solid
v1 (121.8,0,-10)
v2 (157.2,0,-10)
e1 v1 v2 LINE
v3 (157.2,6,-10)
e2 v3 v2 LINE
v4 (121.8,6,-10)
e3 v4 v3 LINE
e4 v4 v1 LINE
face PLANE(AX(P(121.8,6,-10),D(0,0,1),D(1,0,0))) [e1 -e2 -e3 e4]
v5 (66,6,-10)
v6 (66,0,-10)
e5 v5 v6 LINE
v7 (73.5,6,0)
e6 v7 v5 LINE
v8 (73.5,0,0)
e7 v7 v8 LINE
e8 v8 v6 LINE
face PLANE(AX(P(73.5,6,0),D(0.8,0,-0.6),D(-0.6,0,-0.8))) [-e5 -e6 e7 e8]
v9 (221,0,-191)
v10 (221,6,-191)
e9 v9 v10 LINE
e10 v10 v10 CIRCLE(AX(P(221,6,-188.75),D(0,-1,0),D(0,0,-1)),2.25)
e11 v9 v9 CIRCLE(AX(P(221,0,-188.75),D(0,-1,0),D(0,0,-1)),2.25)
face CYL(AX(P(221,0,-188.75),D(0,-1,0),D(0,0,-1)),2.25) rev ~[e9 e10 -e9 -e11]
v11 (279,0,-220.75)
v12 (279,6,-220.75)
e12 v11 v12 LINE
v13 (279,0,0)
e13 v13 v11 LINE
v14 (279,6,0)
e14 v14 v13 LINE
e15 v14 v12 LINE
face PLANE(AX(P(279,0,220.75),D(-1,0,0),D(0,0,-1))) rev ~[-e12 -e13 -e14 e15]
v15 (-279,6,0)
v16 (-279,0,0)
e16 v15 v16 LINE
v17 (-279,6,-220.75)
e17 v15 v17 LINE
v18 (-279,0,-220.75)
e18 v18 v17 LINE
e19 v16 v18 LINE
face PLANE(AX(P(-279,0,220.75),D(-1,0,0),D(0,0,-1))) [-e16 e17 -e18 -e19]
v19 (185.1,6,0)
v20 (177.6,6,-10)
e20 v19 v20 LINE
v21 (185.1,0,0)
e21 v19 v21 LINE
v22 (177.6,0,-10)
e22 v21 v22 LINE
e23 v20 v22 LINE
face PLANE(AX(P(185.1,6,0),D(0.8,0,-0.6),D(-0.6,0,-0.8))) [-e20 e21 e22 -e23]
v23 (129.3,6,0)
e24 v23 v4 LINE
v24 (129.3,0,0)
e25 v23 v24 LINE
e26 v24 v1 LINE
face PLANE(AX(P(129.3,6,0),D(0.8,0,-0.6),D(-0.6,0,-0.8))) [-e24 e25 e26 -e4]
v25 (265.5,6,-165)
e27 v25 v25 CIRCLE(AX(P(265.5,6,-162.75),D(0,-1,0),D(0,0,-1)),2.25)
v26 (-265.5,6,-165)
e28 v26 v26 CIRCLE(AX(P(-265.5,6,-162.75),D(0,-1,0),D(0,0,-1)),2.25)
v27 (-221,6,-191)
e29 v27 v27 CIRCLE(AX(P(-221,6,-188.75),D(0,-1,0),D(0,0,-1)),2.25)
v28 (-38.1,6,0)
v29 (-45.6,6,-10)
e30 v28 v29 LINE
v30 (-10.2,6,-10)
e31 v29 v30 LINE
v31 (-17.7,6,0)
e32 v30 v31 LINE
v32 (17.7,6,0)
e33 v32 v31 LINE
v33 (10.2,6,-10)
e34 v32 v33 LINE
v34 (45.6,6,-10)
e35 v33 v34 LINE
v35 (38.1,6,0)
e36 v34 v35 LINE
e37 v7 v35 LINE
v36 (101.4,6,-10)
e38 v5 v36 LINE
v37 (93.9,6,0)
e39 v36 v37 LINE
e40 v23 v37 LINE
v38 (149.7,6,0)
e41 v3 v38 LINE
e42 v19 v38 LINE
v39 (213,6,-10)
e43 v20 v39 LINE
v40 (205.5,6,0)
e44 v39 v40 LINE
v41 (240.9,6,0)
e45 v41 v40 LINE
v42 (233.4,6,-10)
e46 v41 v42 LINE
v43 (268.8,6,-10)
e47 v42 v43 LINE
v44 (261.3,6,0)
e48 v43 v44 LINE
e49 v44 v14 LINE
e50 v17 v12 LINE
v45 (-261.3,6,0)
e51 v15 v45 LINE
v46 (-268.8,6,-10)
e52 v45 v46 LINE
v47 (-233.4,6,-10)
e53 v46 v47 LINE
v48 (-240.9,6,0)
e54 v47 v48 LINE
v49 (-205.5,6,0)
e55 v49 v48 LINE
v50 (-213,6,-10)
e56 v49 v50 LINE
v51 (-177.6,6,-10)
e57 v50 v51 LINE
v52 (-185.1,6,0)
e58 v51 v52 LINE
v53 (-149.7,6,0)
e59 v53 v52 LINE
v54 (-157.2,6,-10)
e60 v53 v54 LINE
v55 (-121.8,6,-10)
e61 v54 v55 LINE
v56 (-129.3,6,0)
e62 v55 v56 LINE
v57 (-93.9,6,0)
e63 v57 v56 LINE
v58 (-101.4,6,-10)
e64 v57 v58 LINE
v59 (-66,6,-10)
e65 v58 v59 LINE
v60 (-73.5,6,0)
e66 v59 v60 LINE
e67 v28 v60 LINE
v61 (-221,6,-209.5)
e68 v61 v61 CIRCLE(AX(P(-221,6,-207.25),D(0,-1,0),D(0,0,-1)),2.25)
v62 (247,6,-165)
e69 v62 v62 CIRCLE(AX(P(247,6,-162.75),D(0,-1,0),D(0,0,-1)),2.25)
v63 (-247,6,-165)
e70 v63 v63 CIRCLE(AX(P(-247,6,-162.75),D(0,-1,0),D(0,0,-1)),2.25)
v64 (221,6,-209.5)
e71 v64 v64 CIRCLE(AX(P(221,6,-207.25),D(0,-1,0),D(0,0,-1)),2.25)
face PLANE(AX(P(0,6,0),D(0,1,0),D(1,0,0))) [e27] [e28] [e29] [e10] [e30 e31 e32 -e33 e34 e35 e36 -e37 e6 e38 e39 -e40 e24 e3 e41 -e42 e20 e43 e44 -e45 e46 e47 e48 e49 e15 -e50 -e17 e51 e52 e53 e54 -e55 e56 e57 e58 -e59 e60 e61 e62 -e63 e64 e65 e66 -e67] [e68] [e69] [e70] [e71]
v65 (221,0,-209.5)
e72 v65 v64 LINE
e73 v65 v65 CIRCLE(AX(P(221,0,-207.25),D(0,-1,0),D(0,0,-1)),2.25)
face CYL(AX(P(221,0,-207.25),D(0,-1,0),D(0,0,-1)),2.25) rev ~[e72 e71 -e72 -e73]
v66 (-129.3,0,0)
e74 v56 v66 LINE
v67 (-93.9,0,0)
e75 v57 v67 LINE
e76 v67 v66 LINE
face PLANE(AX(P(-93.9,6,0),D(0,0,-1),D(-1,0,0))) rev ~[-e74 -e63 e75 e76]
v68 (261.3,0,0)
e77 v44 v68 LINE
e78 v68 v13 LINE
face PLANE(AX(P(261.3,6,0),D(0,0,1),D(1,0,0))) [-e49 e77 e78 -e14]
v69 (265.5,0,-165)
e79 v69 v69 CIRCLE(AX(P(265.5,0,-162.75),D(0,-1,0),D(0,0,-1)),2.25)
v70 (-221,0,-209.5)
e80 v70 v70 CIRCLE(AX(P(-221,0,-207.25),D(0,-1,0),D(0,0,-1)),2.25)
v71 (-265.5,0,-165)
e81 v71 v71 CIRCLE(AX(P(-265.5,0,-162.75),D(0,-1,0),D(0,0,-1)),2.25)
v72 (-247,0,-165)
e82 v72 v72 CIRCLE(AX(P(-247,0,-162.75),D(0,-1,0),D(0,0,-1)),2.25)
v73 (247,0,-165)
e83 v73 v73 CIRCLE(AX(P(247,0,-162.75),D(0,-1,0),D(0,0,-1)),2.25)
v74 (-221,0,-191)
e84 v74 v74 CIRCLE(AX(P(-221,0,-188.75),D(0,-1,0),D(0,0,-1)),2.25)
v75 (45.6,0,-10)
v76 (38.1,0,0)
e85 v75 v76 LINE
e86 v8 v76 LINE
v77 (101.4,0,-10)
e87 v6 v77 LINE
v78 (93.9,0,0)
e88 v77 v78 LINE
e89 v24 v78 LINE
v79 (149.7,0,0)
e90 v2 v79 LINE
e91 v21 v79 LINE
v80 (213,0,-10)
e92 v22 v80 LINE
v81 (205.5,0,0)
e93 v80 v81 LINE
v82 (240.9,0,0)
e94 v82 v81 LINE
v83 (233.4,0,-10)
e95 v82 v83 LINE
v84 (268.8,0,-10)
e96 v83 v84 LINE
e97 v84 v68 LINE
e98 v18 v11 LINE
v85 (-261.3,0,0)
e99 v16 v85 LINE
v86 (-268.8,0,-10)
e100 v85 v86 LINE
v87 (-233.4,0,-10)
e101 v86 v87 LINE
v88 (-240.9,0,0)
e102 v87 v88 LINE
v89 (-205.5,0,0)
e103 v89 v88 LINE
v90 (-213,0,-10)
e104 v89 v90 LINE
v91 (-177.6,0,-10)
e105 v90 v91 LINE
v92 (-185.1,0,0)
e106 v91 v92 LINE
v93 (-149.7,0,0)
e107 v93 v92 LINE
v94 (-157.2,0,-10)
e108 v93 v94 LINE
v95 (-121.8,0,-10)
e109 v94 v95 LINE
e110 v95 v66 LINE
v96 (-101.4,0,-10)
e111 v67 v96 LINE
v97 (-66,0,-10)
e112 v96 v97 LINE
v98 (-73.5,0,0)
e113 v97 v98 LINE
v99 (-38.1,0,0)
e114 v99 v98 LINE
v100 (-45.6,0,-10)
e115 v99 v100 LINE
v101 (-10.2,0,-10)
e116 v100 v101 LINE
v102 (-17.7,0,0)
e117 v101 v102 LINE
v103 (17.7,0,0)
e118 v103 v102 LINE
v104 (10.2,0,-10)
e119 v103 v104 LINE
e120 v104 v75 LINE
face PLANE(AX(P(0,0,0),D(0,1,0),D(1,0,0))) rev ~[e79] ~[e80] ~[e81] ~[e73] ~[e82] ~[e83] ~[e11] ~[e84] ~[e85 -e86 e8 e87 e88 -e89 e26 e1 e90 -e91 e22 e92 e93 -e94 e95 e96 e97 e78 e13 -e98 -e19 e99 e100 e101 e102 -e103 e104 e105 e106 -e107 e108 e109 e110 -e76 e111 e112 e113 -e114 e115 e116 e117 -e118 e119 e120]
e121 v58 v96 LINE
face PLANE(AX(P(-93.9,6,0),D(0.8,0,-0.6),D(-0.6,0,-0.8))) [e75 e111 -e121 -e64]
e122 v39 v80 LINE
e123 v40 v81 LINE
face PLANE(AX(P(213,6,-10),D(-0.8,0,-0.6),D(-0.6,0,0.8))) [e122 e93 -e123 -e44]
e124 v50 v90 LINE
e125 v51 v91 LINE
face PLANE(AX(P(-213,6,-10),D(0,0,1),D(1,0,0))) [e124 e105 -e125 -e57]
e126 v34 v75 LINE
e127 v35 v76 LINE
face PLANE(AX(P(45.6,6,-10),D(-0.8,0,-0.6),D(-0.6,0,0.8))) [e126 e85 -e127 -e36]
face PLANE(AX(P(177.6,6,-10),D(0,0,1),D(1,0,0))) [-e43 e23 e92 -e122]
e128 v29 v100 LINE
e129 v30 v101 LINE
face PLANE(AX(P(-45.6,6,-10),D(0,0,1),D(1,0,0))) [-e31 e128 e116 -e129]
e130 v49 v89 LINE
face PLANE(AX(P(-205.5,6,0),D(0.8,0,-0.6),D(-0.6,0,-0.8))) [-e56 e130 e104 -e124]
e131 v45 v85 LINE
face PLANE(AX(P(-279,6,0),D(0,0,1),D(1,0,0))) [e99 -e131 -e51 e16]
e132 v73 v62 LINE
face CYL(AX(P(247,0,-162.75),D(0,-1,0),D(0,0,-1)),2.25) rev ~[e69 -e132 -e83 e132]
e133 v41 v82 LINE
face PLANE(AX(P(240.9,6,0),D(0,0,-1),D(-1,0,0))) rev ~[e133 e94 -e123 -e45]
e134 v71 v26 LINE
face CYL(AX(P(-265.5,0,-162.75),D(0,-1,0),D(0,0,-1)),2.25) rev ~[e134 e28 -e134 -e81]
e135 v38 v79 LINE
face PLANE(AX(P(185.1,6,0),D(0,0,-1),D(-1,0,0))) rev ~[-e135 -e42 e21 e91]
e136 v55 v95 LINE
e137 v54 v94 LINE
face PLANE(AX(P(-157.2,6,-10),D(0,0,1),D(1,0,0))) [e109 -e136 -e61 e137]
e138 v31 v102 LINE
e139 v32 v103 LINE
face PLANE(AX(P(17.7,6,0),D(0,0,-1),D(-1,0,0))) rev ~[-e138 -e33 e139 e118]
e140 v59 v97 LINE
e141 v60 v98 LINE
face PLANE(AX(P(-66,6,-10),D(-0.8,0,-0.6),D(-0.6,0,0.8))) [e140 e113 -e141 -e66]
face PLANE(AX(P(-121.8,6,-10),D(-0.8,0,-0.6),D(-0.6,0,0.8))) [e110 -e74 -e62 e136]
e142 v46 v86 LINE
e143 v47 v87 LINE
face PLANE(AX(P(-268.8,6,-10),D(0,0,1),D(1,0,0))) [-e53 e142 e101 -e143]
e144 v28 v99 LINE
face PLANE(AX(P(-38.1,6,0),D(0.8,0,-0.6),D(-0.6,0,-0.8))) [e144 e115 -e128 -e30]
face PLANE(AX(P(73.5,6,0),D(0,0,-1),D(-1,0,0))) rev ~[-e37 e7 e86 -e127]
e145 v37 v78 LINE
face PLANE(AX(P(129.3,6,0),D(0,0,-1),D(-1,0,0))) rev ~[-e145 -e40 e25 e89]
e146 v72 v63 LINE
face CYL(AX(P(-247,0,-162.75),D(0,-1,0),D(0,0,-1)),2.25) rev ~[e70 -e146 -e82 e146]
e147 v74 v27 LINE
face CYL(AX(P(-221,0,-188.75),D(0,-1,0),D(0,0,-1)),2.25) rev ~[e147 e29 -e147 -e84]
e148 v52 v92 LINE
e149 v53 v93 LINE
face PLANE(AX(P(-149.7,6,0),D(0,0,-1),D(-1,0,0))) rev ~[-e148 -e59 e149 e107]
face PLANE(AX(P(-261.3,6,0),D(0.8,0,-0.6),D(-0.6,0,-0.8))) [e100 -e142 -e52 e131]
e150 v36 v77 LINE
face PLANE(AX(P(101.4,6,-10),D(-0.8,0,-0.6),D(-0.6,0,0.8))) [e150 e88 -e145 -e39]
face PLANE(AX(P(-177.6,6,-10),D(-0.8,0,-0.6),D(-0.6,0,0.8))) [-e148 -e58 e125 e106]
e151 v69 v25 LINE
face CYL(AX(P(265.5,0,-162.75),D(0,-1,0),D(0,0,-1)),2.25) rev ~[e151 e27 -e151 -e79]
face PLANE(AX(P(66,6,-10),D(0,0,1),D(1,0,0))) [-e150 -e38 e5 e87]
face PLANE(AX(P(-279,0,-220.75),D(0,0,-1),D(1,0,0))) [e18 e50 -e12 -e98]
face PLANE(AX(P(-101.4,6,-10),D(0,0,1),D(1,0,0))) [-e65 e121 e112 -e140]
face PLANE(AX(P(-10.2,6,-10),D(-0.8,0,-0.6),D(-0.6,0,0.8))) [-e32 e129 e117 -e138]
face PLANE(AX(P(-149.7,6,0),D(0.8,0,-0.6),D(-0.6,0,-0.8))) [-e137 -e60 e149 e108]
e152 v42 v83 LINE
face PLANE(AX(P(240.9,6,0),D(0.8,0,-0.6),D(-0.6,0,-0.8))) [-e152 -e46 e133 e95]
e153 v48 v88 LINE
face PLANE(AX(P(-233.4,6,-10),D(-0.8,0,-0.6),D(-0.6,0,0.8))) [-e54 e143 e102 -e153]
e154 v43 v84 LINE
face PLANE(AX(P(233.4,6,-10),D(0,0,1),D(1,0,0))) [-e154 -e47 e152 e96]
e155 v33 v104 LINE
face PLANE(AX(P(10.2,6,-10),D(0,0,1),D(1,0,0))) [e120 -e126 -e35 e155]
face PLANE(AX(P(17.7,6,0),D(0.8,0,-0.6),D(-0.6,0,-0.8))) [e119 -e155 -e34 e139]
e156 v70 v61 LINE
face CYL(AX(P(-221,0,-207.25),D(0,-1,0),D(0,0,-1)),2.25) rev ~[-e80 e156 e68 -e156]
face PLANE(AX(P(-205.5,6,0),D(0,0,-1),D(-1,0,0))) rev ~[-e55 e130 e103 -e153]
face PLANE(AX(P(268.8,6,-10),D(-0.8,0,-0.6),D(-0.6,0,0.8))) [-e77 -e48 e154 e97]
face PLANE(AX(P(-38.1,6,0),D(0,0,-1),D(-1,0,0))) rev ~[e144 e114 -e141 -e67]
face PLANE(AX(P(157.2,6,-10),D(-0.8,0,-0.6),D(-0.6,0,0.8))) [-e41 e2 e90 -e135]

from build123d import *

# Parameters (mm, degrees)
SCHIZZO1_W                   = 558
SCHIZZO1_H                   = 441.5
ESTRUSIONE_ESTRUSIONE1_DEPTH = 6
SCHIZZO2_R                   = 2.25
TAGLIO_ESTRUSIONE1_DEPTH     = 10
TAGLIO_ESTRUSIONE2_DEPTH     = 10


with BuildPart() as part:
    # Schizzo1 → Estrusione-Estrusione1 (new body)
    with BuildSketch(Plane(origin=(0, 0, 0), x_dir=(1, 0, 0), z_dir=(0, 1, 0))):
        Rectangle(SCHIZZO1_W, SCHIZZO1_H)
    extrude(amount=ESTRUSIONE_ESTRUSIONE1_DEPTH)

    # Schizzo2 → Taglio-Estrusione1 (cut)
    with BuildSketch(Plane(origin=(0, 0, 0), x_dir=(-1, 0, 0), z_dir=(0, -1, 0))):
        with Locations(Location((-221, 207.25, 0), (0, 0, 90))):
            Circle(SCHIZZO2_R)
        with Locations(Location((-221, 188.75, 0), (0, 0, 90))):
            Circle(SCHIZZO2_R)
        with Locations(Location((-247, 162.75, 0), (0, 0, 90))):
            Circle(SCHIZZO2_R)
        with Locations(Location((-265.5, 162.75, 0), (0, 0, 90))):
            Circle(SCHIZZO2_R)
        with Locations(Location((221, 207.25, 0), (0, 0, 90))):
            Circle(SCHIZZO2_R)
        with Locations(Location((221, 188.75, 0), (0, 0, 90))):
            Circle(SCHIZZO2_R)
        with Locations(Location((247, 162.75, 0), (0, 0, 90))):
            Circle(SCHIZZO2_R)
        with Locations(Location((265.5, 162.75, 0), (0, 0, 90))):
            Circle(SCHIZZO2_R)
        with Locations(Location((265.5, -162.75, 0), (0, 0, 90))):
            Circle(SCHIZZO2_R)
        with Locations(Location((247, -162.75, 0), (0, 0, 90))):
            Circle(SCHIZZO2_R)
        with Locations(Location((-265.5, -162.75, 0), (0, 0, 90))):
            Circle(SCHIZZO2_R)
        with Locations(Location((-247, -162.75, 0), (0, 0, 90))):
            Circle(SCHIZZO2_R)
        with Locations(Location((-87.5, -195.25, 0), (0, 0, 90))):
            Circle(SCHIZZO2_R)
    extrude(amount=-TAGLIO_ESTRUSIONE1_DEPTH, mode=Mode.SUBTRACT)

    # Schizzo3 → Taglio-Estrusione2 (cut)
    with BuildSketch(Plane(origin=(0, 6, 0), x_dir=(1, 0, 0), z_dir=(0, 1, 0))):
        Polygon((-279, 0), (-261.3, 0), (-268.8, 10), (-233.4, 10), (-240.9, 0), (-223.2, 0), (-205.5, 0), (-213, 10), (-177.6, 10), (-185.1, 0), (-167.4, 0), (-149.7, 0), (-157.2, 10), (-121.8, 10), (-129.3, 0), (-111.6, 0), (-93.9, 0), (-101.4, 10), (-66, 10), (-73.5, 0), (-55.8, 0), (-38.1, 0), (-45.6, 10), (-10.2, 10), (-17.7, 0), (0, 0), (17.7, 0), (10.2, 10), (45.6, 10), (38.1, 0), (55.8, 0), (73.5, 0), (66, 10), (101.4, 10), (93.9, 0), (111.6, 0), (129.3, 0), (121.8, 10), (157.2, 10), (149.7, 0), (167.4, 0), (185.1, 0), (177.6, 10), (213, 10), (205.5, 0), (223.2, 0), (240.9, 0), (233.4, 10), (268.8, 10), (261.3, 0), (279, 0), (279, -220.75), (-279, -220.75), align=None)
    extrude(amount=-TAGLIO_ESTRUSIONE2_DEPTH, mode=Mode.SUBTRACT)


solid = part.part
